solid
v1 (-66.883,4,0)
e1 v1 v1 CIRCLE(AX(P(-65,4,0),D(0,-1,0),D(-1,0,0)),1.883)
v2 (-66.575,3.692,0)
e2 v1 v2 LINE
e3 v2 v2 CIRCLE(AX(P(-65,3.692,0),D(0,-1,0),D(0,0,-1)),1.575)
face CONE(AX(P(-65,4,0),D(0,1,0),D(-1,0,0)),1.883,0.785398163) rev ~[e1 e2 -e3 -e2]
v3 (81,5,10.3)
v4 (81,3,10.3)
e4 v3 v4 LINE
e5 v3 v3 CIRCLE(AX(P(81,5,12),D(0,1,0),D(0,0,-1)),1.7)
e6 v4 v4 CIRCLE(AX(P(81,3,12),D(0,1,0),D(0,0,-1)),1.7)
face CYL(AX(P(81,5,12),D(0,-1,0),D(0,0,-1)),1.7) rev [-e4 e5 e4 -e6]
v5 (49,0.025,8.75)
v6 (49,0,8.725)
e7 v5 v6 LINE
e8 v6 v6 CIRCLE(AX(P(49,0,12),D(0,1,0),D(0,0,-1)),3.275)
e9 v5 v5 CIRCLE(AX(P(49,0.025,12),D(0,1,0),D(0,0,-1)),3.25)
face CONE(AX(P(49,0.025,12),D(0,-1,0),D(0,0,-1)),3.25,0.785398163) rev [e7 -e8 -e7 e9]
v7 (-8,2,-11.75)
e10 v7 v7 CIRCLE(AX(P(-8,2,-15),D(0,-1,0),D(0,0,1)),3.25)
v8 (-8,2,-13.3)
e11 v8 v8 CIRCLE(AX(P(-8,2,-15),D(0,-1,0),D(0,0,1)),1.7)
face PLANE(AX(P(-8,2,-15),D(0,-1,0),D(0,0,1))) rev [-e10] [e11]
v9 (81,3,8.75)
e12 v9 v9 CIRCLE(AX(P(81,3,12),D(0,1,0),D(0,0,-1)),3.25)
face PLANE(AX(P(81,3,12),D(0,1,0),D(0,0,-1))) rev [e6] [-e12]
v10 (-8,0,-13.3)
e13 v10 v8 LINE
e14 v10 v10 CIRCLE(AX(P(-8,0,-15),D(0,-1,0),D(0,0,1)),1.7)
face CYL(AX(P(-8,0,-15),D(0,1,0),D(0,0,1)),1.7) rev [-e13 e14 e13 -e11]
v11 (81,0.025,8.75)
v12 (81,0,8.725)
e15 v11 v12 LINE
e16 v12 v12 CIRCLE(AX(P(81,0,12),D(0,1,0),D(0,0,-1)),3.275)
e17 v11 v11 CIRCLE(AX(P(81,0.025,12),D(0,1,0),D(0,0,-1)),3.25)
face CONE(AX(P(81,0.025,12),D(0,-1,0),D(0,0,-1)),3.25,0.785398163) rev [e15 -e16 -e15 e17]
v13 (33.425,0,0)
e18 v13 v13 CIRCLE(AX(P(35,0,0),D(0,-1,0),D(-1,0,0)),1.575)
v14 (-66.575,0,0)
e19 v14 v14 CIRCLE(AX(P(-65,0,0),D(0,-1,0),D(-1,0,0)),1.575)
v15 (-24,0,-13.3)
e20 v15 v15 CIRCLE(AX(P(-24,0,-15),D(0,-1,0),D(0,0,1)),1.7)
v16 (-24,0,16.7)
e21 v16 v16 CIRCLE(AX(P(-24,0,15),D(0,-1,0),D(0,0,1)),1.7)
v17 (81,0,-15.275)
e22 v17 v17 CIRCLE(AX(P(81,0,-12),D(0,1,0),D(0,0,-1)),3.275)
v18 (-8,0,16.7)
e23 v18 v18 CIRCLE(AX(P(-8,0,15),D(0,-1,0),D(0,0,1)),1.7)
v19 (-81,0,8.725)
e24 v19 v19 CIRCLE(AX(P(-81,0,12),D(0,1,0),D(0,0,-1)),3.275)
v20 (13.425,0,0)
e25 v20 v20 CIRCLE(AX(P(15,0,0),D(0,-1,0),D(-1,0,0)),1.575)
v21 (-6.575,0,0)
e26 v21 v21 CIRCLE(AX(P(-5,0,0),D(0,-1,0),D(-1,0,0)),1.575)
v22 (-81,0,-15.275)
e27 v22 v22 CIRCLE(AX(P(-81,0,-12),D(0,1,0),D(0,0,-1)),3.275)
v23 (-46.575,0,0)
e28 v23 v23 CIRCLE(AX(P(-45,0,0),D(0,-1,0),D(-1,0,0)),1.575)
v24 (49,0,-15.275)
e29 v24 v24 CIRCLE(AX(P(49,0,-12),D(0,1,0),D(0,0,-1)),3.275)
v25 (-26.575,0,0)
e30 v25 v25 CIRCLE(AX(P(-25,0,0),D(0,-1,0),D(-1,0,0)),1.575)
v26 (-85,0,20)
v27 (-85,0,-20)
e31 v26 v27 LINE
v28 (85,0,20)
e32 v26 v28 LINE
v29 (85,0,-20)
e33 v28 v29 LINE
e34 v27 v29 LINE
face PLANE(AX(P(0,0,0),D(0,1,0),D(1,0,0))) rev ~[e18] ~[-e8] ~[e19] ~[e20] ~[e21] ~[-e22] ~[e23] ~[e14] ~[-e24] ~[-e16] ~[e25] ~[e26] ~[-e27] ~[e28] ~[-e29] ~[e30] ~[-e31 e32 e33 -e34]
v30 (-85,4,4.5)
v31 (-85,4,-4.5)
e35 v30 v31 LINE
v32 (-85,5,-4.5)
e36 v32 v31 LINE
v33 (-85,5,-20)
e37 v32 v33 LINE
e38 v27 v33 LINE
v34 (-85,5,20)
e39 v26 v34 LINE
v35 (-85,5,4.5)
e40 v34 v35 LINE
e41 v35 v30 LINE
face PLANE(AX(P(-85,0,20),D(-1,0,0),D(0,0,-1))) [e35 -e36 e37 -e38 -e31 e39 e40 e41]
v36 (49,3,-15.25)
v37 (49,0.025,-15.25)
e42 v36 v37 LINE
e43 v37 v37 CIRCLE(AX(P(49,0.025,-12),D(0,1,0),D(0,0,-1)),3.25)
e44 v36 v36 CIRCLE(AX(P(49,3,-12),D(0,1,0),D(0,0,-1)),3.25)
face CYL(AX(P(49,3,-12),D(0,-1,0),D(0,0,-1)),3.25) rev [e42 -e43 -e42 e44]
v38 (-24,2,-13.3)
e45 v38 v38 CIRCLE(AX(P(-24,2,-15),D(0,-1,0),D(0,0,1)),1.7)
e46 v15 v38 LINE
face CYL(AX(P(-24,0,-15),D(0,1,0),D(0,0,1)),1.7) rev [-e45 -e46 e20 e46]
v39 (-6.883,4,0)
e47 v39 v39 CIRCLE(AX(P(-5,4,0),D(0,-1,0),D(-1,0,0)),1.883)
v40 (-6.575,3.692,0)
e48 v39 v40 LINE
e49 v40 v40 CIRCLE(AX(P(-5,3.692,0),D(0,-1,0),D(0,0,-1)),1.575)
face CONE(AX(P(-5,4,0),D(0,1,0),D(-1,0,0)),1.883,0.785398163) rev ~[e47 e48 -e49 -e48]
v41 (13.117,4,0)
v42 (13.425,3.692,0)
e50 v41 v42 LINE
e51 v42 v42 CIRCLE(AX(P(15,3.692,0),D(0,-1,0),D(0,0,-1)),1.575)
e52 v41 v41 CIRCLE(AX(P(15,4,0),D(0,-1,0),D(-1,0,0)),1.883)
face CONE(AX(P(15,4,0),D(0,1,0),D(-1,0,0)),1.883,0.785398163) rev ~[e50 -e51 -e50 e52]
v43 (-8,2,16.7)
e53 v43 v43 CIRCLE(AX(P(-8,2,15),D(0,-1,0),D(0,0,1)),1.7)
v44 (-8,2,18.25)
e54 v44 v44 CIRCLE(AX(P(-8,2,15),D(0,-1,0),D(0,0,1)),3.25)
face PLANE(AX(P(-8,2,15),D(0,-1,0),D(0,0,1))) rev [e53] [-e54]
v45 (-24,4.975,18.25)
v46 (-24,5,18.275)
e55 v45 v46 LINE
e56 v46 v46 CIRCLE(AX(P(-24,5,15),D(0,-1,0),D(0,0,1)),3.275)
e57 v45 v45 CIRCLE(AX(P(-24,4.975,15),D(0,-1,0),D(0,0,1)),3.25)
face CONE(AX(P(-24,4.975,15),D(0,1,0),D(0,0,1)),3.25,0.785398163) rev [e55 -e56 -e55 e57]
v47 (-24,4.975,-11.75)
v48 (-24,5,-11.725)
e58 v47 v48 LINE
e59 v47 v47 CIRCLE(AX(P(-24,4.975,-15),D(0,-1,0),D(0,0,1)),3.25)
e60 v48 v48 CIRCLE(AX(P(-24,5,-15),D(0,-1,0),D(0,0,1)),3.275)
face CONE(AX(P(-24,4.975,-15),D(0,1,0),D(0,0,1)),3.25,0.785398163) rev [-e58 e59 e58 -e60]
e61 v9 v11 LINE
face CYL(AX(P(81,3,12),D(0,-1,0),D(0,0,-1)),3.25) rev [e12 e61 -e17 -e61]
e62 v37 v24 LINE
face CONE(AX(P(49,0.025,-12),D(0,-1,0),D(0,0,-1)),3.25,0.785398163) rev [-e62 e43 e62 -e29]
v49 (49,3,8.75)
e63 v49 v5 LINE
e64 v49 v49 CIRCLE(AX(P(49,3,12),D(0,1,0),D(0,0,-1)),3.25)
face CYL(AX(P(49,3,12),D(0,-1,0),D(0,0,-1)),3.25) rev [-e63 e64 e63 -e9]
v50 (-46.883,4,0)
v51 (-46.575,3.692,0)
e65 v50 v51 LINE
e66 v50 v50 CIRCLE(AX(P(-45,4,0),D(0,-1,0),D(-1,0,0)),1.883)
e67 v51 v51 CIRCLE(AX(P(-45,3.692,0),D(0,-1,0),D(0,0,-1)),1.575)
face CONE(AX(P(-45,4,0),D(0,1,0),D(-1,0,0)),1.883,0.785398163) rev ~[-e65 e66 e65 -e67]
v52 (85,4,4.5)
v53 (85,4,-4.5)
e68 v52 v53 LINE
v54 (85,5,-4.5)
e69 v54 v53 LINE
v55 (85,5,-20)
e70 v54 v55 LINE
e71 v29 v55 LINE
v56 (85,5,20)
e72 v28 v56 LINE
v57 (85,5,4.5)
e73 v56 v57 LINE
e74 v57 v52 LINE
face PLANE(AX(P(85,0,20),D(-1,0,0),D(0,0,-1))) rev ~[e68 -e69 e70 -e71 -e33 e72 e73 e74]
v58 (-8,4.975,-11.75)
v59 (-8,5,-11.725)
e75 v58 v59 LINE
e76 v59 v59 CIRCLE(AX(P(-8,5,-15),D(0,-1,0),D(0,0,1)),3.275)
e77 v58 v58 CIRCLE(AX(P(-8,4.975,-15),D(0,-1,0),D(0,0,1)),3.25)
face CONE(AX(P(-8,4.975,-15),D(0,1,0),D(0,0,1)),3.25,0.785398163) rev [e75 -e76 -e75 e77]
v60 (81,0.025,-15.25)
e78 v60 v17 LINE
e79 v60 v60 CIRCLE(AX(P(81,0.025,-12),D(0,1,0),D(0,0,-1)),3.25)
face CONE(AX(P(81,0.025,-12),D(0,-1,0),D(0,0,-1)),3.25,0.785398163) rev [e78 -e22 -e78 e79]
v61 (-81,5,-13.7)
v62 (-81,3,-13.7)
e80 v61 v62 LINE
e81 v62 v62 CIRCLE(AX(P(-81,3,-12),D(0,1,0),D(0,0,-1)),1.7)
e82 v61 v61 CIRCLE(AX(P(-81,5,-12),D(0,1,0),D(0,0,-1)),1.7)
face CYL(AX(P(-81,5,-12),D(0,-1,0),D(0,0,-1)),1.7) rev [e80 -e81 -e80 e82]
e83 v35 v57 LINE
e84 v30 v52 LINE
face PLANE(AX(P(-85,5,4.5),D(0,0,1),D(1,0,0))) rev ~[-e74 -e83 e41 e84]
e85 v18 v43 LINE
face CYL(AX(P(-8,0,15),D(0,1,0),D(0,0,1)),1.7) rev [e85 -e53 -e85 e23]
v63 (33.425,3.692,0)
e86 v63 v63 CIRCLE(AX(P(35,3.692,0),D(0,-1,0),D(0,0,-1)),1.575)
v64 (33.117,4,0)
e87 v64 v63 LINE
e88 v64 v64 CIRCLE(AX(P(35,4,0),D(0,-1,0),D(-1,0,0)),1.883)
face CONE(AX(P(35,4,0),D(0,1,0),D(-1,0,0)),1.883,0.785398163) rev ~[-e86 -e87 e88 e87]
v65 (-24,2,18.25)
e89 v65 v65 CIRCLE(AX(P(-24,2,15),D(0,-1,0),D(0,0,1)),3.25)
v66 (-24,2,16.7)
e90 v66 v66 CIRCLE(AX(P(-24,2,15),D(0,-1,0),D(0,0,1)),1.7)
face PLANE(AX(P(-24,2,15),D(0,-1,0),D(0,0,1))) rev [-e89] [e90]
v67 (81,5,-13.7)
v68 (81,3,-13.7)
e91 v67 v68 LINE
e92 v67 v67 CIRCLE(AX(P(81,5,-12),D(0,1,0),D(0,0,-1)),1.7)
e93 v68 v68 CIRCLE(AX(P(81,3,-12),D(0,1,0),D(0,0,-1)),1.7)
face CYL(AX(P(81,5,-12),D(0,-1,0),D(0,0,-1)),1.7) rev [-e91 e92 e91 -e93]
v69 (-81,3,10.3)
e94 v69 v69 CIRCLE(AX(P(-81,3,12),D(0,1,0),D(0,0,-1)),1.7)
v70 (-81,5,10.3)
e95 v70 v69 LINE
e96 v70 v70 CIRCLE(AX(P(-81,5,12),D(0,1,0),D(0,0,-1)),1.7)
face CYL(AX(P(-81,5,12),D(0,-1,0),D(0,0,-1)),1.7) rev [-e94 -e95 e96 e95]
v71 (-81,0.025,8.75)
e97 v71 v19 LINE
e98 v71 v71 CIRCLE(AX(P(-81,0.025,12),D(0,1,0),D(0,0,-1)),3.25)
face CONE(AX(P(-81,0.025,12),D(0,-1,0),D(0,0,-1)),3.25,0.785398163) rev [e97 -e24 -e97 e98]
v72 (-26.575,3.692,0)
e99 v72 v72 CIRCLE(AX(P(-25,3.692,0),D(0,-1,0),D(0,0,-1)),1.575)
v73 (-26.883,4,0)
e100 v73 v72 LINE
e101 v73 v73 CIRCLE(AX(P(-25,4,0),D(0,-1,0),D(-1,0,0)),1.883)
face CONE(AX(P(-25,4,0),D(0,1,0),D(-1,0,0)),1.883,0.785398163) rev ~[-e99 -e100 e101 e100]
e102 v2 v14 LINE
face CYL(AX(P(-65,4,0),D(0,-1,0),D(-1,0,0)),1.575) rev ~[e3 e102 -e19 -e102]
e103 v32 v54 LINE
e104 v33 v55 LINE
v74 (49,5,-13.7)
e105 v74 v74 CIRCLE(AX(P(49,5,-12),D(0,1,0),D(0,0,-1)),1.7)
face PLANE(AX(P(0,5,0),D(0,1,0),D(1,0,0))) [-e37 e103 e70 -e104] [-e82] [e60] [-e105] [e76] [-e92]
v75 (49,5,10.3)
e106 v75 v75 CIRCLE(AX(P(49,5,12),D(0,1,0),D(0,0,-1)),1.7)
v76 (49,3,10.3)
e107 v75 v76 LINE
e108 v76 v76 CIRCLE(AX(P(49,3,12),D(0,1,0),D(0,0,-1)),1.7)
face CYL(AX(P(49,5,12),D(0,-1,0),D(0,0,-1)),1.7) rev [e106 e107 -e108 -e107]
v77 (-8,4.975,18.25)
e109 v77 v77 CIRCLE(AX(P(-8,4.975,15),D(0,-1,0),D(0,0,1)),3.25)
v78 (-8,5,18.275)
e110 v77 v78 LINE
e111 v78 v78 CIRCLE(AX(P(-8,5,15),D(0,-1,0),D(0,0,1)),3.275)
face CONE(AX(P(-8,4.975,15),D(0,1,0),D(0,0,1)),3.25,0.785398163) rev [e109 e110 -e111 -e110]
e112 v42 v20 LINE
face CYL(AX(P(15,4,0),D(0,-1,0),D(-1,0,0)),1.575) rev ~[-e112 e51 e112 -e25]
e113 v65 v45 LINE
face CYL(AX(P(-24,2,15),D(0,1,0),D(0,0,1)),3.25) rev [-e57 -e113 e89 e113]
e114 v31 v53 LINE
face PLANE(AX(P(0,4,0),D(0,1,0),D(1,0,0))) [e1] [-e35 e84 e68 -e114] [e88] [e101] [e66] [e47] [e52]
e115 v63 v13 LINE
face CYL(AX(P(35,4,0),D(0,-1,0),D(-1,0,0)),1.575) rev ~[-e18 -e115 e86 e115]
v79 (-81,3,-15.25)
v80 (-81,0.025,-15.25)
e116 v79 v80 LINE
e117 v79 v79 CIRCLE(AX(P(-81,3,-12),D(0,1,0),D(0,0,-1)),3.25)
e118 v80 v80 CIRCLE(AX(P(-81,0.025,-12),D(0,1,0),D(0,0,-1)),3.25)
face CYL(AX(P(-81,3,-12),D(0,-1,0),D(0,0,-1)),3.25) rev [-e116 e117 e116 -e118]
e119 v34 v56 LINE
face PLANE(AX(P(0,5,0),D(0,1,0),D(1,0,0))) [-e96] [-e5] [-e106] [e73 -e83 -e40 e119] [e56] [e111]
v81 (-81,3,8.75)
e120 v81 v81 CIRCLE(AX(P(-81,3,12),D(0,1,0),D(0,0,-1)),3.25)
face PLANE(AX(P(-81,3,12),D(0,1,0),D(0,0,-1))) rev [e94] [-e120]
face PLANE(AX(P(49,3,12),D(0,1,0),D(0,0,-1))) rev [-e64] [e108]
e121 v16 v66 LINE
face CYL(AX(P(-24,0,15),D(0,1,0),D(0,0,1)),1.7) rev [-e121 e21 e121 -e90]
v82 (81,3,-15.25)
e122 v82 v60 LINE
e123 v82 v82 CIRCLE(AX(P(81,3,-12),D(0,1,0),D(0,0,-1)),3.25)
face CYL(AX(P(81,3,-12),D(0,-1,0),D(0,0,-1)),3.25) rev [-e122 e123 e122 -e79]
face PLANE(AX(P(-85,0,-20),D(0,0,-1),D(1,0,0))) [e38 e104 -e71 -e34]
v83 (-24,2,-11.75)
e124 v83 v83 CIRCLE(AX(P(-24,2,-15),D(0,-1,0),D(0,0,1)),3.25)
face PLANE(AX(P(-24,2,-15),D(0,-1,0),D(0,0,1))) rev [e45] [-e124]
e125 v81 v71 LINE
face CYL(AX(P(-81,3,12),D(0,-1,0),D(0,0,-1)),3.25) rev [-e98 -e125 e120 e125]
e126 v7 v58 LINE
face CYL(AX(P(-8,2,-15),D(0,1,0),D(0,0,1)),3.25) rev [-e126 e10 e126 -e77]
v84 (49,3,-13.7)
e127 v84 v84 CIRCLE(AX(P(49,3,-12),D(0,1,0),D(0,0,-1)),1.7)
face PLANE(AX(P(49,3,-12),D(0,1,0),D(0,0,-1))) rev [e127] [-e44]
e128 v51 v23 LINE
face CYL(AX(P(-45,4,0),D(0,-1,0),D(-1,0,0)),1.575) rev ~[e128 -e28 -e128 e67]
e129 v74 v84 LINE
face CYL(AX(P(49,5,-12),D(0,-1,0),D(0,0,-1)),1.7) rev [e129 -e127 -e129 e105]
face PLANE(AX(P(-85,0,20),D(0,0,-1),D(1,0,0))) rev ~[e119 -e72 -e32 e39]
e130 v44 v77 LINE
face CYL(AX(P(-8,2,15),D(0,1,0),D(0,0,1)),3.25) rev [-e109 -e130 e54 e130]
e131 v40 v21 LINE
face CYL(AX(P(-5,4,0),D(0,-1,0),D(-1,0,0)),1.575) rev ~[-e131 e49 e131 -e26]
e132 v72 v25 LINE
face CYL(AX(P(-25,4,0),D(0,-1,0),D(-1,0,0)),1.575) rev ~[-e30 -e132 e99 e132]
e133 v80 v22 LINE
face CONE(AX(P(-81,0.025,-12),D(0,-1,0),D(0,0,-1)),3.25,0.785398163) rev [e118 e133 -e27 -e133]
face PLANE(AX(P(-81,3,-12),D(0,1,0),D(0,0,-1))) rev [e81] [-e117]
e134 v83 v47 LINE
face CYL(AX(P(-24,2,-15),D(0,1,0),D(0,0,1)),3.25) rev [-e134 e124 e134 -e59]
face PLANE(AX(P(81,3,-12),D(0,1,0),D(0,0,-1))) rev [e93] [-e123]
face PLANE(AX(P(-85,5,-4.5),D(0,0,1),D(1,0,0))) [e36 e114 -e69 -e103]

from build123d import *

# Parameters (mm, degrees)
ESBO_O1_W                                         = 170
ESBO_O1_H                                         = 40
RESSALTO_EXTRUS_O1_DEPTH                          = 5
ESBO_O2_W                                         = 170
ESBO_O2_H                                         = 9
CORTE_EXTRUS_O1_DEPTH                             = 1
REBAIXO_PARA_SHCS_M31_AT_2_COUNT                  = 2
REBAIXO_PARA_SHCS_M31_AT_2_PITCH                  = 24
REBAIXO_PARA_SHCS_M31_AT_3_COUNT                  = 2
REBAIXO_PARA_SHCS_M31_AT_3_PITCH                  = 130
REBAIXO_PARA_SHCS_M31_AT_4_COUNT                  = 2
REBAIXO_PARA_SHCS_M31_AT_4_PITCH                  = 132.196822957
REBAIXO_PARA_SHCS_M31_AT_5_COUNT                  = 2
REBAIXO_PARA_SHCS_M31_AT_5_PITCH                  = 162
REBAIXO_PARA_SHCS_M31_AT_6_COUNT                  = 2
REBAIXO_PARA_SHCS_M31_AT_6_PITCH                  = 163.768128767
REBAIXO_PARA_SHCS_M32_AT_2_COUNT                  = 2
REBAIXO_PARA_SHCS_M32_AT_2_PITCH                  = 16
REBAIXO_PARA_SHCS_M32_AT_3_COUNT                  = 2
REBAIXO_PARA_SHCS_M32_AT_3_PITCH                  = 30
REBAIXO_PARA_SHCS_M32_AT_4_COUNT                  = 2
REBAIXO_PARA_SHCS_M32_AT_4_PITCH                  = 34
FURO_ROSCADO_PARA_CONDU_TE_DE_M3X0_51_D           = 3.15
FURO_ROSCADO_PARA_CONDU_TE_DE_M3X0_51_CSINK_D     = 3.766
FURO_ROSCADO_PARA_CONDU_TE_DE_M3X0_51_CSINK_ANGLE = 90


with BuildPart() as part:
    # Esboço1 → Ressalto-extrusão1 (new body)
    with BuildSketch(Plane(origin=(0, 0, 0), x_dir=(1, 0, 0), z_dir=(0, 1, 0))):
        Rectangle(ESBO_O1_W, ESBO_O1_H)
    extrude(amount=RESSALTO_EXTRUS_O1_DEPTH)

    # Esboço2 → Corte-extrusão1 (cut)
    with BuildSketch(Plane(origin=(0, 5, 0), x_dir=(1, 0, 0), z_dir=(0, 1, 0))):
        Rectangle(ESBO_O2_W, ESBO_O2_H)
    extrude(amount=-CORTE_EXTRUS_O1_DEPTH, mode=Mode.SUBTRACT)

    # Esboço4 → Rebaixo para SHCS M31 (revolve, cut)
    with BuildSketch(Plane(origin=(-81, 0, -12), x_dir=(0, 0, -1), z_dir=(1, 0, 0))):
        Polygon((0, 0), (0, 5), (1.7, 5), (1.7, 3), (3.25, 3), (3.25, 0.025), (3.275, 0), align=None)
    rebaixo_para_shcs_m31 = revolve(axis=Axis((-81, -6.35, -12), (0, 1, 0)), mode=Mode.SUBTRACT)

    # Rebaixo para SHCS M31 at 2: Rebaixo para SHCS M31 ×2
    with Locations(*[(0, 0, i * REBAIXO_PARA_SHCS_M31_AT_2_PITCH) for i in range(1, REBAIXO_PARA_SHCS_M31_AT_2_COUNT)]):
        add(rebaixo_para_shcs_m31, mode=Mode.SUBTRACT)

    # Rebaixo para SHCS M31 at 3: Rebaixo para SHCS M31 ×2
    with Locations(*[(i * REBAIXO_PARA_SHCS_M31_AT_3_PITCH, 0, 0) for i in range(1, REBAIXO_PARA_SHCS_M31_AT_3_COUNT)]):
        add(rebaixo_para_shcs_m31, mode=Mode.SUBTRACT)

    # Rebaixo para SHCS M31 at 4: Rebaixo para SHCS M31 ×2
    with Locations(*[Vector(0.98338218, 0, 0.181547479) * (i * REBAIXO_PARA_SHCS_M31_AT_4_PITCH) for i in range(1, REBAIXO_PARA_SHCS_M31_AT_4_COUNT)]):
        add(rebaixo_para_shcs_m31, mode=Mode.SUBTRACT)

    # Rebaixo para SHCS M31 at 5: Rebaixo para SHCS M31 ×2
    with Locations(*[(i * REBAIXO_PARA_SHCS_M31_AT_5_PITCH, 0, 0) for i in range(1, REBAIXO_PARA_SHCS_M31_AT_5_COUNT)]):
        add(rebaixo_para_shcs_m31, mode=Mode.SUBTRACT)

    # Rebaixo para SHCS M31 at 6: Rebaixo para SHCS M31 ×2
    with Locations(*[Vector(0.989203462, 0, 0.146548661) * (i * REBAIXO_PARA_SHCS_M31_AT_6_PITCH) for i in range(1, REBAIXO_PARA_SHCS_M31_AT_6_COUNT)]):
        add(rebaixo_para_shcs_m31, mode=Mode.SUBTRACT)

    # Esboço6 → Rebaixo para SHCS M32 (revolve, cut)
    with BuildSketch(Plane(origin=(-24, 5, -15), x_dir=(0, 0, 1), z_dir=(1, 0, 0))):
        Polygon((0, 0), (0, 5), (1.7, 5), (1.7, 3), (3.25, 3), (3.25, 0.025), (3.275, 0), align=None)
    rebaixo_para_shcs_m32 = revolve(axis=Axis((-24, 11.35, -15), (0, -1, 0)), mode=Mode.SUBTRACT)

    # Rebaixo para SHCS M32 at 2: Rebaixo para SHCS M32 ×2
    with Locations(*[(i * REBAIXO_PARA_SHCS_M32_AT_2_PITCH, 0, 0) for i in range(1, REBAIXO_PARA_SHCS_M32_AT_2_COUNT)]):
        add(rebaixo_para_shcs_m32, mode=Mode.SUBTRACT)

    # Rebaixo para SHCS M32 at 3: Rebaixo para SHCS M32 ×2
    with Locations(*[(0, 0, i * REBAIXO_PARA_SHCS_M32_AT_3_PITCH) for i in range(1, REBAIXO_PARA_SHCS_M32_AT_3_COUNT)]):
        add(rebaixo_para_shcs_m32, mode=Mode.SUBTRACT)

    # Rebaixo para SHCS M32 at 4: Rebaixo para SHCS M32 ×2
    with Locations(*[Vector(0.470588235, 0, 0.882352941) * (i * REBAIXO_PARA_SHCS_M32_AT_4_PITCH) for i in range(1, REBAIXO_PARA_SHCS_M32_AT_4_COUNT)]):
        add(rebaixo_para_shcs_m32, mode=Mode.SUBTRACT)

    # Furo roscado para conduíte de M3x0.51 (through all)
    with Locations(Plane(origin=(0, 4, 0), x_dir=(1, 0, 0), z_dir=(0, 1, 0))):
        with Locations((-65, 0), (-45, 0), (-25, 0), (35, 0), (-5, 0), (15, 0)):
            CounterSinkHole(FURO_ROSCADO_PARA_CONDU_TE_DE_M3X0_51_D / 2, FURO_ROSCADO_PARA_CONDU_TE_DE_M3X0_51_CSINK_D / 2, counter_sink_angle=FURO_ROSCADO_PARA_CONDU_TE_DE_M3X0_51_CSINK_ANGLE)


solid = part.part
